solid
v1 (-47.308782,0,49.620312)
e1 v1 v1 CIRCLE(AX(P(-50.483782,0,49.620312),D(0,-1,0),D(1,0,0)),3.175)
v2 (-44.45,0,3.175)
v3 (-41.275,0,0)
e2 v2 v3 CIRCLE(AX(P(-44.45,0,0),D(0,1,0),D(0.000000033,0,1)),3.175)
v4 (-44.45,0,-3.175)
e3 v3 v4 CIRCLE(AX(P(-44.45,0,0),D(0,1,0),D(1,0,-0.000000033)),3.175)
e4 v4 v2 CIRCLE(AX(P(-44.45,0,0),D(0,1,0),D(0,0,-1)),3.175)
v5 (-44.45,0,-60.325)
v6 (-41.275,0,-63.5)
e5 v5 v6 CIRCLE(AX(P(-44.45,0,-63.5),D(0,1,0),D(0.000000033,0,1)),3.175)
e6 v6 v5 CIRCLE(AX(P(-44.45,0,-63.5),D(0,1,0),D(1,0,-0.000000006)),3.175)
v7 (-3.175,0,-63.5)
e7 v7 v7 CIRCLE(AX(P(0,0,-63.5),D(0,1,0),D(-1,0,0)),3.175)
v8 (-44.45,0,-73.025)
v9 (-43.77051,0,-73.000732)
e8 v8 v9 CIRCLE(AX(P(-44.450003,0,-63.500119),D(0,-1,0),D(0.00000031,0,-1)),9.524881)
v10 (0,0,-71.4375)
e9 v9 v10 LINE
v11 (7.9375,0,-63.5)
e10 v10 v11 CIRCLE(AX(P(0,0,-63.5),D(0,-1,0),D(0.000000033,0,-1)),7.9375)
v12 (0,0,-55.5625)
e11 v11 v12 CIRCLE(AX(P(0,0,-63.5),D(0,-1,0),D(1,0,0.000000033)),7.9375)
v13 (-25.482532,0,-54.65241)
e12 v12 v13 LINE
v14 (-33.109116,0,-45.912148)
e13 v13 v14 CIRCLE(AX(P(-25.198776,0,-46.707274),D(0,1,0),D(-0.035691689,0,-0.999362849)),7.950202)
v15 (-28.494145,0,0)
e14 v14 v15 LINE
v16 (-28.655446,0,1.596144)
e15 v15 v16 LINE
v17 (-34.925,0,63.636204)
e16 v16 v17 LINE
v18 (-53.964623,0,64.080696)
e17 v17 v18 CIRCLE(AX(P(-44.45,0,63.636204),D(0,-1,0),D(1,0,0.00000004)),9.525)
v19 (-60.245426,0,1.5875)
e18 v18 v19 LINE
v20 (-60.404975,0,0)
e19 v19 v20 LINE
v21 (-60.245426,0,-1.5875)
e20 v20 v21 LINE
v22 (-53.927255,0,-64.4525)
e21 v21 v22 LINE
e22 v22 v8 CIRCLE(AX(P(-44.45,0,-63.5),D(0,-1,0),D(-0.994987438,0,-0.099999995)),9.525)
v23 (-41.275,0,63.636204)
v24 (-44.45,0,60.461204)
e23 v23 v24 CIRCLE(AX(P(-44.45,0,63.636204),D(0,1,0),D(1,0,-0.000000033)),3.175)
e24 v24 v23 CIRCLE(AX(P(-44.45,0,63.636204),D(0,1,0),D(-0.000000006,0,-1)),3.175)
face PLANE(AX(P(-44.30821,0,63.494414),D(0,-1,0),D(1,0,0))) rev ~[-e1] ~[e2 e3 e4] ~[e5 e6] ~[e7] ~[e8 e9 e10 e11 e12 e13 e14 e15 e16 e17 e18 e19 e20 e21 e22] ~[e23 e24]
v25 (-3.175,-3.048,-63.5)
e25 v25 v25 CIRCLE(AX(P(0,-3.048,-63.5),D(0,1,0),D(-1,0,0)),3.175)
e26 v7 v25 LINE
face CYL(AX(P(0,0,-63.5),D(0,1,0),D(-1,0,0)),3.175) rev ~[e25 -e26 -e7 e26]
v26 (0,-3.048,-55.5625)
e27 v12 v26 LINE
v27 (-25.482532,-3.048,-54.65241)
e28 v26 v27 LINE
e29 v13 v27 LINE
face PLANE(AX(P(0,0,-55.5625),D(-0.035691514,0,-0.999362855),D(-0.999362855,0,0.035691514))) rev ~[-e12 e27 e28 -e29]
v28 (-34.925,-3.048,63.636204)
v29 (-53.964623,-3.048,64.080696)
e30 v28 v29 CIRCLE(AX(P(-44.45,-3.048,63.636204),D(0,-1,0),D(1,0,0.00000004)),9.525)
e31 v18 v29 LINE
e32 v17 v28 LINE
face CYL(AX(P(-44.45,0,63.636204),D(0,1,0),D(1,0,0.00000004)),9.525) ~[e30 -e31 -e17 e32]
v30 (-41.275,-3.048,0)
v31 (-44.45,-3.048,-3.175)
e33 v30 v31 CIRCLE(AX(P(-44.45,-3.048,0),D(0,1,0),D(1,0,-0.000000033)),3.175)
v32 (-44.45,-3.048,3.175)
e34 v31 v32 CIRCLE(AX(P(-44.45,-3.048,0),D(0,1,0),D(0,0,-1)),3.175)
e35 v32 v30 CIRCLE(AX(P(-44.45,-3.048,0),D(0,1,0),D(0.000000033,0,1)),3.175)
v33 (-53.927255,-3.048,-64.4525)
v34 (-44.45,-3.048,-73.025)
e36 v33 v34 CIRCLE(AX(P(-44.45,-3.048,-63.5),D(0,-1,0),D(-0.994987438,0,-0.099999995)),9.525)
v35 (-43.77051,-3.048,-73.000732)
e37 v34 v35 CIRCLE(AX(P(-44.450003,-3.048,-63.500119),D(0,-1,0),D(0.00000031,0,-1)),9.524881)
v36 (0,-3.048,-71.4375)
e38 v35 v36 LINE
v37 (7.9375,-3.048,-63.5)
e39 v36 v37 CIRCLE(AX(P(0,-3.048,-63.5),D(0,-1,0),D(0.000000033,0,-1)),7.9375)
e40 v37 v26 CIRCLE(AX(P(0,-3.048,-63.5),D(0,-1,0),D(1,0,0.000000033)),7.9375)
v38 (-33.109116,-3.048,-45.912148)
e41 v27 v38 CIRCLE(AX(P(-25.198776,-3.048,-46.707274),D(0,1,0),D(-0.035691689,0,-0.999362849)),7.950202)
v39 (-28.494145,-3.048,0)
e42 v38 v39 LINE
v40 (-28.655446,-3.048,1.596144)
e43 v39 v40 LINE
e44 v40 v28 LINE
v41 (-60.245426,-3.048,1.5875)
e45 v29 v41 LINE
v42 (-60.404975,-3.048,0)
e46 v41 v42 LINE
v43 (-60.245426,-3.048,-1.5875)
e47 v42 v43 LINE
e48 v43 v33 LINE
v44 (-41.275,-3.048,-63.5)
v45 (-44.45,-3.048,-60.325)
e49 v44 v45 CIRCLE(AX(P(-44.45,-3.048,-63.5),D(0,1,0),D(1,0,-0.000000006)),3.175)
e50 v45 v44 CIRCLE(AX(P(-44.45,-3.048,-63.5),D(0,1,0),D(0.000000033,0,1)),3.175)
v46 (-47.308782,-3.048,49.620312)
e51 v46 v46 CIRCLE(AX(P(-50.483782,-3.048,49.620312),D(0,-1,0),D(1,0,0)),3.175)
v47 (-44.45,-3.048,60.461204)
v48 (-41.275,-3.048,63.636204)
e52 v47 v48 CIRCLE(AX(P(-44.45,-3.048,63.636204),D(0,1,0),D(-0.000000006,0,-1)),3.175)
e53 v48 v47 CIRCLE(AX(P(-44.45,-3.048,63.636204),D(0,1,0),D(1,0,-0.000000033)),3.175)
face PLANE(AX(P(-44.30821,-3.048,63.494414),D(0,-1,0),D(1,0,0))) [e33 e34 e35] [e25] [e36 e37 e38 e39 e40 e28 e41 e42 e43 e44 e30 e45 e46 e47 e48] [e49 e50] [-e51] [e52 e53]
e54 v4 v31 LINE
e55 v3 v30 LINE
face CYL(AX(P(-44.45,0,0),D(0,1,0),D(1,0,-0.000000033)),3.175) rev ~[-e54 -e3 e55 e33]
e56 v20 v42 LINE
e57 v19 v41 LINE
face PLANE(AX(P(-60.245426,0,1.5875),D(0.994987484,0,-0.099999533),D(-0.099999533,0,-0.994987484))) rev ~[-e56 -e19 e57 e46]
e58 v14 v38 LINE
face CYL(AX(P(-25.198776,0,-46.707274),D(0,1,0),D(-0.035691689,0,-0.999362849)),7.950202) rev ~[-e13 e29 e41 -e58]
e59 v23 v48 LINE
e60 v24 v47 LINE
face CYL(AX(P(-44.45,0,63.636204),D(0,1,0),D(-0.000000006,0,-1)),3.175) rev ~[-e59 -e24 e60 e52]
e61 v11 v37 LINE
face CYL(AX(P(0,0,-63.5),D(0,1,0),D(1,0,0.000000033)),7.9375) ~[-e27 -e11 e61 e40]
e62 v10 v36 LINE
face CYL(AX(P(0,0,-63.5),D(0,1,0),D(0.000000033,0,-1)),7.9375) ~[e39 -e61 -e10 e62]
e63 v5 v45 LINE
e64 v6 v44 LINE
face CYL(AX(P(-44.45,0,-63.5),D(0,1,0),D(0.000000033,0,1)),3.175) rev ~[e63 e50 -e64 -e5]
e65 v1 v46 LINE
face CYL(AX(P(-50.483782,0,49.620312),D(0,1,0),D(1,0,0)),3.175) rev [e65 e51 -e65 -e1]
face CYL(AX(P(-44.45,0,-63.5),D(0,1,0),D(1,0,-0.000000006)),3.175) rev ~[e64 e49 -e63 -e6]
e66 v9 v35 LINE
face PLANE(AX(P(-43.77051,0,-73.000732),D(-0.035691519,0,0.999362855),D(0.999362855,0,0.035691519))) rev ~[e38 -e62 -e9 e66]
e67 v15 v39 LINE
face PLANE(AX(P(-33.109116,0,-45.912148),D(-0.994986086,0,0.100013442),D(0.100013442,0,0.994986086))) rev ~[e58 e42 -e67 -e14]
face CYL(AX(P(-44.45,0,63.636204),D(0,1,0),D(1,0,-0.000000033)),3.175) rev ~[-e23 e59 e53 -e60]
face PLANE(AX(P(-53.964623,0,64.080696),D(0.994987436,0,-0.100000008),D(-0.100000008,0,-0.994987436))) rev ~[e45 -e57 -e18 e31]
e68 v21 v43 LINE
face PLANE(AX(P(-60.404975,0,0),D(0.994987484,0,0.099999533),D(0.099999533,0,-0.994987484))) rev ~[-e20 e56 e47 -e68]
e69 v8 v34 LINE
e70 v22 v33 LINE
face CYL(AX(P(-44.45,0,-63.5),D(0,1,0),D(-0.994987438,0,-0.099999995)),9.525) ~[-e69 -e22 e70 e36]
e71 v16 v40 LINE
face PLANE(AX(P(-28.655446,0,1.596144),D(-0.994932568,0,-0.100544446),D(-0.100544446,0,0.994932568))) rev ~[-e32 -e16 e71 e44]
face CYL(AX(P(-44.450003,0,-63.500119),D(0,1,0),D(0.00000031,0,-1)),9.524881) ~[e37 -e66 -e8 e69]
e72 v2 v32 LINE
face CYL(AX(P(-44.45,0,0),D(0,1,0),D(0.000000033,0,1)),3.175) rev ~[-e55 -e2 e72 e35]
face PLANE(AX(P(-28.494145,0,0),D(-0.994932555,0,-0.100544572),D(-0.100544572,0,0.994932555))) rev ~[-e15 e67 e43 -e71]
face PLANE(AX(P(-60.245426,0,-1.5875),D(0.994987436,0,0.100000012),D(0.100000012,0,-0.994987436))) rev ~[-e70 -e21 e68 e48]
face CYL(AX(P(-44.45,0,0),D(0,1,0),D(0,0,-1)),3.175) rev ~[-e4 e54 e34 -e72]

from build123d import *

# Parameters (mm, degrees)
F0_R     = 3.175
F1_DEPTH = 3.048


with BuildPart() as f1:
    # F0 (on Front) → F1 (new body)
    with BuildSketch(Plane.XZ):
        with BuildLine():
            ThreePointArc((-41.275, 63.636204), (-46.695064, 65.881268), (-44.45, 60.461204))
            ThreePointArc((-44.45, 60.461204), (-42.204936, 61.39114), (-41.275, 63.636204))
        make_face()
        with BuildLine():
            ThreePointArc((-44.45, 54.111204), (-37.714808, 56.901012), (-34.925, 63.636204))
            ThreePointArc((-34.925, 63.636204), (-44.227693, 73.158609), (-53.964623, 64.080696))
            ThreePointArc((-53.964623, 64.080696), (-51.340552, 57.060041), (-44.45, 54.111204))
        make_face()
        with BuildLine():
            ThreePointArc((-41.275, 63.636204), (-42.204936, 61.39114), (-44.45, 60.461204))
            ThreePointArc((-44.45, 60.461204), (-46.695064, 65.881268), (-41.275, 63.636204))
        make_face(mode=Mode.SUBTRACT)
        with BuildLine():
            Line((-28.655446, 1.596144), (-34.925, 63.636204))
            ThreePointArc((-34.925, 63.636204), (-37.714808, 56.901012), (-44.45, 54.111204))
            Line((-44.45, 54.111204), (-44.45, 15.875))
            ThreePointArc((-44.45, 15.875), (-33.803948, 11.776129), (-28.655446, 1.596144))
        make_face()
        with BuildLine():
            ThreePointArc((-44.45, 54.111204), (-51.340552, 57.060041), (-53.964623, 64.080696))
            Line((-53.964623, 64.080696), (-60.245426, 1.5875))
            ThreePointArc((-60.245426, 1.5875), (-55.099274, 11.773215), (-44.45, 15.875))
            Line((-44.45, 15.875), (-44.45, 54.111204))
        make_face()
        with Locations((-50.483782, 49.620312)):
            Circle(F0_R, mode=Mode.SUBTRACT)
        with BuildLine():
            Line((-28.494145, 0), (-28.655446, 1.596144))
            ThreePointArc((-28.655446, 1.596144), (-28.595124, 0.799085), (-28.575, 0))
            ThreePointArc((-28.575, 0), (-43.655254, -15.855094), (-60.245426, -1.5875))
            Line((-60.245426, -1.5875), (-53.927255, -64.4525))
            ThreePointArc((-53.927255, -64.4525), (-44.926848, -53.986944), (-34.925, -63.5))
            Line((-34.925, -63.5), (-7.9375, -63.5))
            ThreePointArc((-7.9375, -63.5), (-5.61266, -57.88734), (0, -55.5625))
            Line((0, -55.5625), (-25.482532, -54.65241))
            ThreePointArc((-25.482532, -54.65241), (-31.189089, -51.934305), (-33.109116, -45.912148))
            Line((-33.109116, -45.912148), (-28.494145, 0))
        make_face()
        with BuildLine():
            ThreePointArc((-28.575, 0), (-28.595124, 0.799085), (-28.655446, 1.596144))
            ThreePointArc((-28.655446, 1.596144), (-33.803948, 11.776129), (-44.45, 15.875))
            ThreePointArc((-44.45, 15.875), (-55.099274, 11.773215), (-60.245426, 1.5875))
            ThreePointArc((-60.245426, 1.5875), (-60.325, 0), (-60.245426, -1.5875))
            ThreePointArc((-60.245426, -1.5875), (-43.655254, -15.855094), (-28.575, 0))
        make_face()
        with BuildLine():
            ThreePointArc((-44.45, -3.175), (-47.625, 0), (-44.45, 3.175))
            ThreePointArc((-44.45, 3.175), (-42.204936, 2.245064), (-41.275, 0))
            ThreePointArc((-41.275, 0), (-42.204936, -2.245064), (-44.45, -3.175))
        make_face(mode=Mode.SUBTRACT)
        with BuildLine():
            ThreePointArc((-60.245426, -1.5875), (-60.325, 0), (-60.245426, 1.5875))
            Line((-60.245426, 1.5875), (-60.404975, 0))
            Line((-60.404975, 0), (-60.245426, -1.5875))
        make_face()
        with BuildLine():
            ThreePointArc((-34.925, -63.5), (-44.926848, -53.986944), (-53.927255, -64.4525))
            ThreePointArc((-53.927255, -64.4525), (-50.839564, -70.563929), (-44.45, -73.025))
            Line((-44.45, -73.025), (-43.77051, -73.000732))
            ThreePointArc((-43.77051, -73.000732), (-37.47871, -69.990511), (-34.925, -63.5))
        make_face()
        with BuildLine():
            ThreePointArc((-44.45, -60.325), (-42.204936, -61.254936), (-41.275, -63.5))
            ThreePointArc((-41.275, -63.5), (-46.695064, -65.745064), (-44.45, -60.325))
        make_face(mode=Mode.SUBTRACT)
        with BuildLine():
            Line((-7.9375, -63.5), (-34.925, -63.5))
            ThreePointArc((-34.925, -63.5), (-37.47871, -69.990511), (-43.77051, -73.000732))
            Line((-43.77051, -73.000732), (0, -71.4375))
            ThreePointArc((0, -71.4375), (-5.61266, -69.11266), (-7.9375, -63.5))
        make_face()
        with BuildLine():
            Line((-43.77051, -73.000732), (-44.45, -73.025))
            ThreePointArc((-44.45, -73.025), (-44.110038, -73.018931), (-43.77051, -73.000732))
        make_face()
        with BuildLine():
            ThreePointArc((3.175, -63.5), (0, -60.325), (-3.175, -63.5))
            ThreePointArc((-3.175, -63.5), (0, -66.675), (3.175, -63.5))
        make_face()
        with BuildLine():
            ThreePointArc((7.9375, -63.5), (5.61266, -57.88734), (0, -55.5625))
            ThreePointArc((0, -55.5625), (-5.61266, -57.88734), (-7.9375, -63.5))
            ThreePointArc((-7.9375, -63.5), (-5.61266, -69.11266), (0, -71.4375))
            ThreePointArc((0, -71.4375), (5.61266, -69.11266), (7.9375, -63.5))
        make_face()
        with BuildLine():
            ThreePointArc((3.175, -63.5), (0, -66.675), (-3.175, -63.5))
            ThreePointArc((-3.175, -63.5), (0, -60.325), (3.175, -63.5))
        make_face(mode=Mode.SUBTRACT)
    extrude(amount=F1_DEPTH)


solid = f1.part
